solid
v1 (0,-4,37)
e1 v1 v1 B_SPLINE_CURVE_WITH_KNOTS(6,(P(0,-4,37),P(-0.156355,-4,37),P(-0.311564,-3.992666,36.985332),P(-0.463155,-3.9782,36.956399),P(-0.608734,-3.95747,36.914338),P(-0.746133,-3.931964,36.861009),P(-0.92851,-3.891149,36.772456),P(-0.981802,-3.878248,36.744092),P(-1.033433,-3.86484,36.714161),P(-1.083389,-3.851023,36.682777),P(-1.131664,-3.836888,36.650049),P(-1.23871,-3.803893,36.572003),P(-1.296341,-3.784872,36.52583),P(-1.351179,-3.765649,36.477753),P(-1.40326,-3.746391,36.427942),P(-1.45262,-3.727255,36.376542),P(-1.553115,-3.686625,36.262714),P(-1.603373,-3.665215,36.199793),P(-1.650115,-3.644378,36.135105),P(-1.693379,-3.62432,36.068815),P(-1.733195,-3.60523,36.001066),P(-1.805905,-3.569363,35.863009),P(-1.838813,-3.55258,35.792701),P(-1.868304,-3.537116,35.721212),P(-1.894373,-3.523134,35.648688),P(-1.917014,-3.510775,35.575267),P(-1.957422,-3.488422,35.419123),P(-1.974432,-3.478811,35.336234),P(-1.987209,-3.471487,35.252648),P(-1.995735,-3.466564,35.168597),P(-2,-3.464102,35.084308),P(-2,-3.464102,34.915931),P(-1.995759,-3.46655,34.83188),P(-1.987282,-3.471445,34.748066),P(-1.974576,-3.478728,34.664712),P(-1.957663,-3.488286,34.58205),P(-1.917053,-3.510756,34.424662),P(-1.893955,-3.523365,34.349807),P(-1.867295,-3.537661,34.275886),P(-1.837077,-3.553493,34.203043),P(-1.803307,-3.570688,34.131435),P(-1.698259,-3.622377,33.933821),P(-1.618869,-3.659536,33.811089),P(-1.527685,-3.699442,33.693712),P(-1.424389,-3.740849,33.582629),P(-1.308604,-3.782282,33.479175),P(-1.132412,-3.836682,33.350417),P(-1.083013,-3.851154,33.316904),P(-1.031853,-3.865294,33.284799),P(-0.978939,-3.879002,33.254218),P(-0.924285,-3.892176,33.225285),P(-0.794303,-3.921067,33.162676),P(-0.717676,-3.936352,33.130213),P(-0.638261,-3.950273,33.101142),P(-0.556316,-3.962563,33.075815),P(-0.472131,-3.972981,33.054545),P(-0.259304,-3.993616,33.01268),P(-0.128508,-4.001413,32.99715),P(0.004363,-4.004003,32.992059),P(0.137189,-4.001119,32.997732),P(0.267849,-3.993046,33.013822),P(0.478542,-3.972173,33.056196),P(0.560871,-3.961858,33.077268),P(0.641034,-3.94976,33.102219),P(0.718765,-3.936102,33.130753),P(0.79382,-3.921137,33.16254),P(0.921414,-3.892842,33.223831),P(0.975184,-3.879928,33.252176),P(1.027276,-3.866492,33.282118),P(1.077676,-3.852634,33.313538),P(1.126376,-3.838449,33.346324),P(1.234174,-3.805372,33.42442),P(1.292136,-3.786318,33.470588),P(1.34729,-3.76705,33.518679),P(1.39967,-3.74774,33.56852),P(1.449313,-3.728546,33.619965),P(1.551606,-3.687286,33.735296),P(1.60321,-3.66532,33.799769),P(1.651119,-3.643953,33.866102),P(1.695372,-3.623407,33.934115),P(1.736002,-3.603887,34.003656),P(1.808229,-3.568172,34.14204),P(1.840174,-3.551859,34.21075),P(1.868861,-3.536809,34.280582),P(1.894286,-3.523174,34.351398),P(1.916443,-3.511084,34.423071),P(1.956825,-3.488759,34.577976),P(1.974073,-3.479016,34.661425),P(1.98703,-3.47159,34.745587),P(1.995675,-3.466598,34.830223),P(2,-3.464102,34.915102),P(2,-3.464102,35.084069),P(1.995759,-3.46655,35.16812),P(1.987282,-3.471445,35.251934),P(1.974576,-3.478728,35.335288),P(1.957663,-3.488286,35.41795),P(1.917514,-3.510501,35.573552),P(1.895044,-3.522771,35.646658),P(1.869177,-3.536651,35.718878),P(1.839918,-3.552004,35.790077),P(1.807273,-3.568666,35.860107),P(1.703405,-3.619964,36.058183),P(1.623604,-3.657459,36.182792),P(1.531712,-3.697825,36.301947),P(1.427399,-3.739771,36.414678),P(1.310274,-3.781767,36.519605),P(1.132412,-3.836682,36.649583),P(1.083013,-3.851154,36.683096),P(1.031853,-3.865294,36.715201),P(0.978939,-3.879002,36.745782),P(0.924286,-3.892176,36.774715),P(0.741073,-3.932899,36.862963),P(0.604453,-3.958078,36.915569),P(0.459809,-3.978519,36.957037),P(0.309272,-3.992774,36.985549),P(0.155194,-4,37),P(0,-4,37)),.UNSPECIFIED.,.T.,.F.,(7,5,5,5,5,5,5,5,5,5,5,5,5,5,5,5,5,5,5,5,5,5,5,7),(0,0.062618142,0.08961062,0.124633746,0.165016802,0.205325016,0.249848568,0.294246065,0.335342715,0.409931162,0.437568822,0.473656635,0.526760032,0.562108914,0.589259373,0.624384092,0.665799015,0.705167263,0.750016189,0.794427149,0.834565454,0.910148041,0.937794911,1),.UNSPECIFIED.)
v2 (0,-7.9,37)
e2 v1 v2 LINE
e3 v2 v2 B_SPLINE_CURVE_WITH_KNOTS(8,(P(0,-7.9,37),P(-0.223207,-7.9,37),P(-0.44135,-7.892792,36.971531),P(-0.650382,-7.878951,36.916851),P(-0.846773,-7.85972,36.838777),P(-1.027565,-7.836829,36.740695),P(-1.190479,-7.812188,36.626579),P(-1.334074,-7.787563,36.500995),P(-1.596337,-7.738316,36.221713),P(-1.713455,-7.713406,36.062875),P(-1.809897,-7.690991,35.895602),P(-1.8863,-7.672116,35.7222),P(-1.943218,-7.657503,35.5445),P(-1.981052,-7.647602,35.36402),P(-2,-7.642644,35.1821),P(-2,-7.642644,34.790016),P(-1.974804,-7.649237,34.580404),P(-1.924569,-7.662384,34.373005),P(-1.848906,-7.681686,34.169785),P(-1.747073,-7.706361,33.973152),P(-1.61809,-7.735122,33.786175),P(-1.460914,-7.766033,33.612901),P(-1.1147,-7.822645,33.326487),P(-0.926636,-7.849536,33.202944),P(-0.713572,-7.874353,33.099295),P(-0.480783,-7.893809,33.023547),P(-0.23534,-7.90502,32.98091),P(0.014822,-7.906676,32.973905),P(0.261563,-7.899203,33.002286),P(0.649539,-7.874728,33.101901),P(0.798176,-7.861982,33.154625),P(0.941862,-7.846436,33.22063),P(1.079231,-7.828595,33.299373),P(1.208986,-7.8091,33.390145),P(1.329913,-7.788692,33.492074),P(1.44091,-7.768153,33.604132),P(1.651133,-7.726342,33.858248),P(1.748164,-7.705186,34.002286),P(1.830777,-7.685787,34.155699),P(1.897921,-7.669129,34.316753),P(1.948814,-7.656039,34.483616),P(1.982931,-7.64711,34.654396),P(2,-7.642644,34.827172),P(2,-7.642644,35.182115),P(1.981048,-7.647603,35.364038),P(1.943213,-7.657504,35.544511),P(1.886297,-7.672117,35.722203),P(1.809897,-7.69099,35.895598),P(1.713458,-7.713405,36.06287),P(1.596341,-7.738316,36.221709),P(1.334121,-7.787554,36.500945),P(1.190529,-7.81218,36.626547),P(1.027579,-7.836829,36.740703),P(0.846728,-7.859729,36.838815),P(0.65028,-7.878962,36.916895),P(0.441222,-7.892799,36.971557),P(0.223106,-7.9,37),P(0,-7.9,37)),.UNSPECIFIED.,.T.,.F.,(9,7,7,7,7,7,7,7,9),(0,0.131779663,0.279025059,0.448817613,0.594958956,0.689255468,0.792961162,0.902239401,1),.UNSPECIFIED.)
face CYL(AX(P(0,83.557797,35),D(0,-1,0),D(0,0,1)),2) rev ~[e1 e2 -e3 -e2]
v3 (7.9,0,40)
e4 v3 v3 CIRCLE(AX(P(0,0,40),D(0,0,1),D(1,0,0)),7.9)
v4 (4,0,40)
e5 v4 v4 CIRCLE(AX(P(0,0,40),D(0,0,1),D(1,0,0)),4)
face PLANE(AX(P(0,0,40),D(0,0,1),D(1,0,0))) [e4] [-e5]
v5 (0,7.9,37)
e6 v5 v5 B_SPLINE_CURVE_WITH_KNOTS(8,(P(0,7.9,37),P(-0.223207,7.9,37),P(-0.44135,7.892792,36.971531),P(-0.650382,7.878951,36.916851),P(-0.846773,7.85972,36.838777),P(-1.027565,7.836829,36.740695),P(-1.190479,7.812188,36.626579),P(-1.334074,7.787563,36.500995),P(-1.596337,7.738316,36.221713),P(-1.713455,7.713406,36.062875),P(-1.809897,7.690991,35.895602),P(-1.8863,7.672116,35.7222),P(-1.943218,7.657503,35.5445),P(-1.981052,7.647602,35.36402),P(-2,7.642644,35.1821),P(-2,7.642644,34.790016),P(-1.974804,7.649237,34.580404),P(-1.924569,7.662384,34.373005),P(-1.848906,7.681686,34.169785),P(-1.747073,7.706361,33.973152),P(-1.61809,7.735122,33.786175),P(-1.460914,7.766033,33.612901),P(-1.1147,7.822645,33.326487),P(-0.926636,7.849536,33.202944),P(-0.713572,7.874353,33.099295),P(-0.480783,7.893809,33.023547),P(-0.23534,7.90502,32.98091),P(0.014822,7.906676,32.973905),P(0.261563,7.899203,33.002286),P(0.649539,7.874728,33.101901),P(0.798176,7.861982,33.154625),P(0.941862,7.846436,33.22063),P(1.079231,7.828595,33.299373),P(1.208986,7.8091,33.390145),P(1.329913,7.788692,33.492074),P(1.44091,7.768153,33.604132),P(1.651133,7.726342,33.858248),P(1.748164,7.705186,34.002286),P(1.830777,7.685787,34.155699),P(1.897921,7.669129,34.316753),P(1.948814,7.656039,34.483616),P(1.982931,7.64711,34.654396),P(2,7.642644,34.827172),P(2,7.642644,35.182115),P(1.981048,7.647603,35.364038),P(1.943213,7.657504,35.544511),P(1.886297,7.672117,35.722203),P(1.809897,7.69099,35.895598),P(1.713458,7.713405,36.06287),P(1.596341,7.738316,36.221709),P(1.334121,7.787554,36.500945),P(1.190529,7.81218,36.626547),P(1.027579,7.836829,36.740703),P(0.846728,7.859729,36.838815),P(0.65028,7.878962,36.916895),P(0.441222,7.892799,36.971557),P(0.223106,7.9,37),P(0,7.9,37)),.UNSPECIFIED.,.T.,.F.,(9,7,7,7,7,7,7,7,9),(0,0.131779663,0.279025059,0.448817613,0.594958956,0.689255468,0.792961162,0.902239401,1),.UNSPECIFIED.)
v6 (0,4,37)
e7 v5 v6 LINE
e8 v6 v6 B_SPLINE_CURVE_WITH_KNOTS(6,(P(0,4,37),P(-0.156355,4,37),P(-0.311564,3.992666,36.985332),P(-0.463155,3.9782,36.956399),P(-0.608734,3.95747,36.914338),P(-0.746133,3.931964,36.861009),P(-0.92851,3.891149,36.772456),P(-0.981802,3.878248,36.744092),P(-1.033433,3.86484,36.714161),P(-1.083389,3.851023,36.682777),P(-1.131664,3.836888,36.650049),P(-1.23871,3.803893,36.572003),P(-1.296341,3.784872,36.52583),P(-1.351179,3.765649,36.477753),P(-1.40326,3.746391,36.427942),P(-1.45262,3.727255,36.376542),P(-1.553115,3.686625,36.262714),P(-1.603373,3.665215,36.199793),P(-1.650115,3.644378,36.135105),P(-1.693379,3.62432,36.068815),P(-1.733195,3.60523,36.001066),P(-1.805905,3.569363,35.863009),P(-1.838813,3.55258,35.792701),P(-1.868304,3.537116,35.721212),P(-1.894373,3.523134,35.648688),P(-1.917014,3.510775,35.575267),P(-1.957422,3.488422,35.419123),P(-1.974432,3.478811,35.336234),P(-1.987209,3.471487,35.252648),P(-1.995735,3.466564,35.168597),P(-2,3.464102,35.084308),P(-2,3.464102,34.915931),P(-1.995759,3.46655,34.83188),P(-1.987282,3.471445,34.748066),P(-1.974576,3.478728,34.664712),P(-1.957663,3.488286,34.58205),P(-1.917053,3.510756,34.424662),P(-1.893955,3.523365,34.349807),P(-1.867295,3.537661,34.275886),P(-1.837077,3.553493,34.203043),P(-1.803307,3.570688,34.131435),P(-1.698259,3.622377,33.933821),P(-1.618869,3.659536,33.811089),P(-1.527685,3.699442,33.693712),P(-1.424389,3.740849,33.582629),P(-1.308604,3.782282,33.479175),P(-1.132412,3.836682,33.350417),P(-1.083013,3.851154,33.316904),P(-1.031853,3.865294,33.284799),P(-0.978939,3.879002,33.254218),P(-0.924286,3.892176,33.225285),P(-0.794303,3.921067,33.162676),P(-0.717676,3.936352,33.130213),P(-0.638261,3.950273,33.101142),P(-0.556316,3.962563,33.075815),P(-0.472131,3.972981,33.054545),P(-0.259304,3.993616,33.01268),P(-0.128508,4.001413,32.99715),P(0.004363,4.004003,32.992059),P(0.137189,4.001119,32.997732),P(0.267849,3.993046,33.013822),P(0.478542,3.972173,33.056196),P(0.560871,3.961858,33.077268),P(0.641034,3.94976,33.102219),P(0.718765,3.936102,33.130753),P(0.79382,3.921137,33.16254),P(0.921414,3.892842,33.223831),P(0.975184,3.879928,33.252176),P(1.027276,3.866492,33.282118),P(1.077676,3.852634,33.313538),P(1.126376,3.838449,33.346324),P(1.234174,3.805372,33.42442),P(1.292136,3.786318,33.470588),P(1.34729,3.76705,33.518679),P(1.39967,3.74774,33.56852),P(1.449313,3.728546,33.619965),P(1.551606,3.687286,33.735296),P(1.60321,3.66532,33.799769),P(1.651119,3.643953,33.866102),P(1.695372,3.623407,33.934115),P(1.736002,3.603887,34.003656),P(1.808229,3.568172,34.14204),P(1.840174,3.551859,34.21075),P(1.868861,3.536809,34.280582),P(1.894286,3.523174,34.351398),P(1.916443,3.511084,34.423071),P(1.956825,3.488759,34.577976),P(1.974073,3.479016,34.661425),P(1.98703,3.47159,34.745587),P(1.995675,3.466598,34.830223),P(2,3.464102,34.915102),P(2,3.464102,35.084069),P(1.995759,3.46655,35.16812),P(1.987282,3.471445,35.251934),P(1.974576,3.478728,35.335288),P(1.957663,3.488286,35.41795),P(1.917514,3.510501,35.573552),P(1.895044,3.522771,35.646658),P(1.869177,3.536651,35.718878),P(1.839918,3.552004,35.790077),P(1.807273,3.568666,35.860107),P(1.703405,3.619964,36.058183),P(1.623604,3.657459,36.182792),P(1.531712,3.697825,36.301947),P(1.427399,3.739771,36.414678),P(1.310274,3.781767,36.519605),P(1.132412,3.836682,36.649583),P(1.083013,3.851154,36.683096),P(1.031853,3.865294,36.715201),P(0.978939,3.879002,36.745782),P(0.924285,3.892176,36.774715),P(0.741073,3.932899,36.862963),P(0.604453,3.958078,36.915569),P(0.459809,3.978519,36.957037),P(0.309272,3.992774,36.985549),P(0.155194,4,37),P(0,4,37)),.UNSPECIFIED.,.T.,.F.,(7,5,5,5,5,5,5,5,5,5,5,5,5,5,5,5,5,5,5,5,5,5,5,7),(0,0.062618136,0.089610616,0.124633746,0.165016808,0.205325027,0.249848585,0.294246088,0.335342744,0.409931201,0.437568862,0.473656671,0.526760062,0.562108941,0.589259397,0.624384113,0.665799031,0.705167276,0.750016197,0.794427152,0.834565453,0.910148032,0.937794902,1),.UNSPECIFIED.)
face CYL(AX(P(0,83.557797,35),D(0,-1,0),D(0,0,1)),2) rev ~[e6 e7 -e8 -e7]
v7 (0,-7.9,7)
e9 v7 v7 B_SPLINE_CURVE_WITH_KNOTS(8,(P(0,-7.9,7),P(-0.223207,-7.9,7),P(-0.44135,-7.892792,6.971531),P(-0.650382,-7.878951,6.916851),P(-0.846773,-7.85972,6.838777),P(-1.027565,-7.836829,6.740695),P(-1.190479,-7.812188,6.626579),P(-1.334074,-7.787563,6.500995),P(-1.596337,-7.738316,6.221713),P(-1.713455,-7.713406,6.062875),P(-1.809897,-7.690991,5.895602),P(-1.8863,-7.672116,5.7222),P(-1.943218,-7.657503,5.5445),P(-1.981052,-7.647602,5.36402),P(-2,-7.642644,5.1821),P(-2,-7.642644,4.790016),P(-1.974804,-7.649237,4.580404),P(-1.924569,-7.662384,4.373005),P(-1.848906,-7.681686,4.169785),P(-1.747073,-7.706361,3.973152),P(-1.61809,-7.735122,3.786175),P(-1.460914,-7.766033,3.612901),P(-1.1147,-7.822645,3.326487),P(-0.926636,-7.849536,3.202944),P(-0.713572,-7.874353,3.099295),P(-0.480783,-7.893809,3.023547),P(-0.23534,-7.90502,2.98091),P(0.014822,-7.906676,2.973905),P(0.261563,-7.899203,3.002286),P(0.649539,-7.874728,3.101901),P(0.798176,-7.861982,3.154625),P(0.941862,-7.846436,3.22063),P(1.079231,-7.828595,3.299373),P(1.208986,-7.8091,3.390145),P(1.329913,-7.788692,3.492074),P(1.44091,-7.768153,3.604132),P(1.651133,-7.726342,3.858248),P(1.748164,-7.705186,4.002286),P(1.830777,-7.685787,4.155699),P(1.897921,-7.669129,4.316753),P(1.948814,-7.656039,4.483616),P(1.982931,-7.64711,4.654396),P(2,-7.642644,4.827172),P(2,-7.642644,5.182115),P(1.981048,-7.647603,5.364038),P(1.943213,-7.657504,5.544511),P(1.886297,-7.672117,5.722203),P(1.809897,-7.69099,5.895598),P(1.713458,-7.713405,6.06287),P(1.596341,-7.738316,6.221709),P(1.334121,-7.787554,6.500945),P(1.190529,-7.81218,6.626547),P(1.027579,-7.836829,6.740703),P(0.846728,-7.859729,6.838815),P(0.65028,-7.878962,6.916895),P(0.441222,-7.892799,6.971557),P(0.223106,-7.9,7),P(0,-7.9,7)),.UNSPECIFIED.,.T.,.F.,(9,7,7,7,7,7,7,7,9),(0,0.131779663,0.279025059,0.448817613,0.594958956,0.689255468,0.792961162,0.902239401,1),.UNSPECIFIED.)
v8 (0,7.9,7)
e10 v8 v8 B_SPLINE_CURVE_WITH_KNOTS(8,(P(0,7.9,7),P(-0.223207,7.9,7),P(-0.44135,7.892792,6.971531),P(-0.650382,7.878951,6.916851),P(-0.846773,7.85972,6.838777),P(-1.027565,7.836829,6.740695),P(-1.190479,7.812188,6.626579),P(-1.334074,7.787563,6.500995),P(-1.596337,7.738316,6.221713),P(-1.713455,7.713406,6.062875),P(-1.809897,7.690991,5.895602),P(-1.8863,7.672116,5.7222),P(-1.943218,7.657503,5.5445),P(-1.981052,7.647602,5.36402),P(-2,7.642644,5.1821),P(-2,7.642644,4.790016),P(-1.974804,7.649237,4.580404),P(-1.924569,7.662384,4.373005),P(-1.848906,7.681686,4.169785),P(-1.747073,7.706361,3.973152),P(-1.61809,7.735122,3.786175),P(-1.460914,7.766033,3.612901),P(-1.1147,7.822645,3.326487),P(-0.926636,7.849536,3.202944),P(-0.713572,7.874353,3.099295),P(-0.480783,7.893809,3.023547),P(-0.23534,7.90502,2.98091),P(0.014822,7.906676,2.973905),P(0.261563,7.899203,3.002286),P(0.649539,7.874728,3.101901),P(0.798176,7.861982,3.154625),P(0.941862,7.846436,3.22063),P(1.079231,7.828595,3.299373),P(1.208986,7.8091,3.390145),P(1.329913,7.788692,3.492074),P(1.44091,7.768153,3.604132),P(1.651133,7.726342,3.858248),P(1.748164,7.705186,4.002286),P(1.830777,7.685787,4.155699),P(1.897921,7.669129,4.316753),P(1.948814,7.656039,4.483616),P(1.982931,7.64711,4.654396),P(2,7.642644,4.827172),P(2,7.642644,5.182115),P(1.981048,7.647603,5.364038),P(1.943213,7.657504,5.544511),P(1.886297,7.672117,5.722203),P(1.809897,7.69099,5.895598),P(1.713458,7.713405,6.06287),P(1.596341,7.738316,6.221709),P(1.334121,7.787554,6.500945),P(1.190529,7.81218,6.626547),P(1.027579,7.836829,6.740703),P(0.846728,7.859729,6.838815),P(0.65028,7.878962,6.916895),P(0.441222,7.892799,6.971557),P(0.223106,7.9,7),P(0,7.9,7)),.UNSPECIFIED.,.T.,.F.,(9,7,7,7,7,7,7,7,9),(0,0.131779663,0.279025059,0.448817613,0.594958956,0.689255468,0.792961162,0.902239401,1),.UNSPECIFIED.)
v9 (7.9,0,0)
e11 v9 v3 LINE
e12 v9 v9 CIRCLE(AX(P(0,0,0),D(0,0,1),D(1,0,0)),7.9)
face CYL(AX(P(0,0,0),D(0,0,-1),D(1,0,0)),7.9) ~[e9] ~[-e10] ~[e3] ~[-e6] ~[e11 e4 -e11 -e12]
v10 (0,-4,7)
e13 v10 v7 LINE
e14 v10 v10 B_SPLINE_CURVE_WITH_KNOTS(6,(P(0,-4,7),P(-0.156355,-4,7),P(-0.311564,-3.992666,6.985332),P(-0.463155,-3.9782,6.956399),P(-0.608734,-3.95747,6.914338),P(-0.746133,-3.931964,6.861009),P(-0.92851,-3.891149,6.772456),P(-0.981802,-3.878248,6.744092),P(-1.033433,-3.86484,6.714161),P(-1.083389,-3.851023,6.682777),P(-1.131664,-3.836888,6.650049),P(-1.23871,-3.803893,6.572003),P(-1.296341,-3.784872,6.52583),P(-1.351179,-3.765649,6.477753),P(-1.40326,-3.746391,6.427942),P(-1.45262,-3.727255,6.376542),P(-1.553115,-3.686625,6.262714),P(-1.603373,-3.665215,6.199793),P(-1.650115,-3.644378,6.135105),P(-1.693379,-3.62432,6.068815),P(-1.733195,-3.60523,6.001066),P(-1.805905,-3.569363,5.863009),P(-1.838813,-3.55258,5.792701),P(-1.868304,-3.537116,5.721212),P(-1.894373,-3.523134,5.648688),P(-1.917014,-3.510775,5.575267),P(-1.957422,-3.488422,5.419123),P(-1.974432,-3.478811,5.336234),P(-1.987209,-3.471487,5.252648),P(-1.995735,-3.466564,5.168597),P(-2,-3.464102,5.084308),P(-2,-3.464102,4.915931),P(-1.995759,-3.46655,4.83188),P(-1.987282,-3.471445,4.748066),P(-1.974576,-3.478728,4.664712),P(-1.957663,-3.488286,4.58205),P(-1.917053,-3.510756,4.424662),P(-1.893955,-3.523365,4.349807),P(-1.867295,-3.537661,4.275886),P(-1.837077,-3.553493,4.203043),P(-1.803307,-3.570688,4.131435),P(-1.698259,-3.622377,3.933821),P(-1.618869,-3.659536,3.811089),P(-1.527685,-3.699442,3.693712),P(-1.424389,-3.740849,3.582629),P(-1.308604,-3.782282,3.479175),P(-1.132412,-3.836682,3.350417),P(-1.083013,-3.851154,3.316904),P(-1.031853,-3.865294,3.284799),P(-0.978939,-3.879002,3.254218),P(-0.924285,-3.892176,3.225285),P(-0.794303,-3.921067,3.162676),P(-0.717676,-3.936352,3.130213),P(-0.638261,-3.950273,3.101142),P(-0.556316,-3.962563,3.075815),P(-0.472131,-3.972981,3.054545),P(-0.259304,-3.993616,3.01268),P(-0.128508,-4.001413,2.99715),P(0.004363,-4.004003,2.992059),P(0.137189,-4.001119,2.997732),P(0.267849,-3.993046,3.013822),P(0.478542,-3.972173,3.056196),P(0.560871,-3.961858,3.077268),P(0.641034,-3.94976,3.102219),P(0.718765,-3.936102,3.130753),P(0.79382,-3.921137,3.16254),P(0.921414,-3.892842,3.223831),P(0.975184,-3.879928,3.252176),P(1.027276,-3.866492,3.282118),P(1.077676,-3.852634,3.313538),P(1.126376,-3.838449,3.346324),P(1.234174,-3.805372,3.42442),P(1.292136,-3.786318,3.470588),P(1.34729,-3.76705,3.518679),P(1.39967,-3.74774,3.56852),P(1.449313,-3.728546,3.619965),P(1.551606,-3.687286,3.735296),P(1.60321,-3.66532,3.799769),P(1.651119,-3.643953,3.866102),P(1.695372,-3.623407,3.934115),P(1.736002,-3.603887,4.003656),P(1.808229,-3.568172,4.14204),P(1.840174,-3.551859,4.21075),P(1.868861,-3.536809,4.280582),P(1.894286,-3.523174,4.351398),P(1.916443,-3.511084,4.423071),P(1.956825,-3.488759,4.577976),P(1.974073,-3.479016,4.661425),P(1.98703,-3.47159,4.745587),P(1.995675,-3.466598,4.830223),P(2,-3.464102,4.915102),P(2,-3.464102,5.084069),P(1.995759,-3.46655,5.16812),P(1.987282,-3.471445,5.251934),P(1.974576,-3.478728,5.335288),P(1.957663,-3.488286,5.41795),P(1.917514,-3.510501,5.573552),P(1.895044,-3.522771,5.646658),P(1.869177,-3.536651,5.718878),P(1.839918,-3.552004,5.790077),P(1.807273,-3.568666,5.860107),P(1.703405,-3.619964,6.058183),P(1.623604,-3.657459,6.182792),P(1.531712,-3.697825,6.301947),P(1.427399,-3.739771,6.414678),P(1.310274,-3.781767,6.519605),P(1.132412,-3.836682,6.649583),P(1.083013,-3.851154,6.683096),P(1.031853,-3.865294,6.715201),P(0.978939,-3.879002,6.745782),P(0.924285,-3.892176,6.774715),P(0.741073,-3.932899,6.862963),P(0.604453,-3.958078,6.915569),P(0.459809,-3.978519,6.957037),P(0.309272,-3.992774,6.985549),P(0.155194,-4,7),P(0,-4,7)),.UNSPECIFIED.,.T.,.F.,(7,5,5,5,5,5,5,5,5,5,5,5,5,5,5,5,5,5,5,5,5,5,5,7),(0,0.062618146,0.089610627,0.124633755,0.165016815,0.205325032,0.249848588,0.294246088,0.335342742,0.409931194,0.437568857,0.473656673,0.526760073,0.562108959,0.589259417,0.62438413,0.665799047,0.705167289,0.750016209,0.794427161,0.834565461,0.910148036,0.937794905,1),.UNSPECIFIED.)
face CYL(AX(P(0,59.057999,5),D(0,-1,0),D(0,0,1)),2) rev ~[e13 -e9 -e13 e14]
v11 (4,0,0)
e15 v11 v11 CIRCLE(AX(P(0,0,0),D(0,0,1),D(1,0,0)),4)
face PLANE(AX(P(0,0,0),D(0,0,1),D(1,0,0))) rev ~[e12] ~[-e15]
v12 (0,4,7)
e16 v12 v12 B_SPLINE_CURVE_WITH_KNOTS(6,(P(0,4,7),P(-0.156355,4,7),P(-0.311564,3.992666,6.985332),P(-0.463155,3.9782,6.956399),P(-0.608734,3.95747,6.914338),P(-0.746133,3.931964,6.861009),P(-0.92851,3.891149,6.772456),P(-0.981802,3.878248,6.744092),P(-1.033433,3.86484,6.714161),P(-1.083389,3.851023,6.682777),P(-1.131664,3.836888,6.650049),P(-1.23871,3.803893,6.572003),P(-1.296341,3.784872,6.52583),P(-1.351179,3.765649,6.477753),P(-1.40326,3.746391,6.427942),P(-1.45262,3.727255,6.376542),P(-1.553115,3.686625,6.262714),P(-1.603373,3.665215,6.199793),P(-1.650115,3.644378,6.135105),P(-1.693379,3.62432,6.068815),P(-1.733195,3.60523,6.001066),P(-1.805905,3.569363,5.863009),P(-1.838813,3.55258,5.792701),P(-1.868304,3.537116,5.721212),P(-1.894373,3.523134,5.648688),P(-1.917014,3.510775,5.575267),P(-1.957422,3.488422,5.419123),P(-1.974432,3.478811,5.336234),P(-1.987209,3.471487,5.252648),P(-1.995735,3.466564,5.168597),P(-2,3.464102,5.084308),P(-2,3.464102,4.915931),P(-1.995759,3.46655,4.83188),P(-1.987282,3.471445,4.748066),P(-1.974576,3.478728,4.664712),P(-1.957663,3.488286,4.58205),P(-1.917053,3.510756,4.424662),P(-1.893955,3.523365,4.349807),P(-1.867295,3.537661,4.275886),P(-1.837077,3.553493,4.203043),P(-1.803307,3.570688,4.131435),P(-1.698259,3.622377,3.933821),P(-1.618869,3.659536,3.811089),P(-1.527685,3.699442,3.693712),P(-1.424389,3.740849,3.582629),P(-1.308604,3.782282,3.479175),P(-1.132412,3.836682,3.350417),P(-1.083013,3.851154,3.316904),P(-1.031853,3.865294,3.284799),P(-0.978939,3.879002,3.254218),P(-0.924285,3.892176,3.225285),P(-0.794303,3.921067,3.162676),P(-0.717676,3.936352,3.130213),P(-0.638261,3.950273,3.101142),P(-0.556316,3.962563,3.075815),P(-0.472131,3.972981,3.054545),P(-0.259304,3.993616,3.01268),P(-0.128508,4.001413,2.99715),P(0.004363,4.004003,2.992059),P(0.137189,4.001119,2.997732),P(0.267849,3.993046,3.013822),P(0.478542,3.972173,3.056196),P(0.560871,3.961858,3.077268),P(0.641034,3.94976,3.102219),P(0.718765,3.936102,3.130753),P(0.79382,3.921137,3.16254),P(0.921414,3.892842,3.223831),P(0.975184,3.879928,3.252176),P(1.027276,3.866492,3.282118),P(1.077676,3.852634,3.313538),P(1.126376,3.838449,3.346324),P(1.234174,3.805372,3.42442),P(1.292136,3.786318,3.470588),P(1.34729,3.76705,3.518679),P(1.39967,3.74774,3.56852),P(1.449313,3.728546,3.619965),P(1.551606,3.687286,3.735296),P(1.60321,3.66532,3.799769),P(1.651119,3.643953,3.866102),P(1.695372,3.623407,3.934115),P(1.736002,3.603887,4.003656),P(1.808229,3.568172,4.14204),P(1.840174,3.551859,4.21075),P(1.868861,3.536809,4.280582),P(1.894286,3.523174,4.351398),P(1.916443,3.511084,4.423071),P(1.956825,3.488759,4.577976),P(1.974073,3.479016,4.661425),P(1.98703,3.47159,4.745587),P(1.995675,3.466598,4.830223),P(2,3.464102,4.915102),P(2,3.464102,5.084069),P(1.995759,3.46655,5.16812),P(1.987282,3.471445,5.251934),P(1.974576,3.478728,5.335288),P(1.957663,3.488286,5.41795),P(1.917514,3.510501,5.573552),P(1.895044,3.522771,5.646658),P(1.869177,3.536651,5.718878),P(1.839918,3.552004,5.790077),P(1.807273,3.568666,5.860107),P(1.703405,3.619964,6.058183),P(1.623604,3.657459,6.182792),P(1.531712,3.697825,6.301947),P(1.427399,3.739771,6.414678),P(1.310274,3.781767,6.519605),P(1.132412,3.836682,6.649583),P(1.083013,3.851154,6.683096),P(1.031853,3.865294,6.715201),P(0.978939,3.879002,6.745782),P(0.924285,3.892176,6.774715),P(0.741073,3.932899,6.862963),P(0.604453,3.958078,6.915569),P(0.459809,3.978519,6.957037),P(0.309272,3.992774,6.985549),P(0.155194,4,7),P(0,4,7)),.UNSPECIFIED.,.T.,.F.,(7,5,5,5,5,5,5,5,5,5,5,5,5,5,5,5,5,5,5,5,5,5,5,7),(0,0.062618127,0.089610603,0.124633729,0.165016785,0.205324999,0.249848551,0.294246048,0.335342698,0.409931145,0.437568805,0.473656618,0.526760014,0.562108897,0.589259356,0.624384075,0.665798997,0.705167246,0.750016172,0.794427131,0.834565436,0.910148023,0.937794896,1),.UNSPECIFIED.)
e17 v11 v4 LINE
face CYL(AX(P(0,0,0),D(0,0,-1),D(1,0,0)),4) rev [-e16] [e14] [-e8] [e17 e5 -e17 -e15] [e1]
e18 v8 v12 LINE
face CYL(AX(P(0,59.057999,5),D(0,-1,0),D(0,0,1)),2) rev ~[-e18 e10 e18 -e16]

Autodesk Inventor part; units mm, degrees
ref_plane "YZ Plane" through (0, 0, 0) normal (1, 0, 0) x (0, 1, 0)
ref_plane "XZ Plane" through (0, 0, 0) normal (0, 1, 0) x (-1, 0, 0)
ref_plane "XY Plane" through (0, 0, 0) normal (0, 0, 1) x (1, 0, 0)
sketch "Esquisse1" plane through (0, 0, 0) normal (0, 0, 1) x (1, 0, 0)
  circle A0 centre (0, 0) radius 7.9
  circle A1 centre (0, 0) radius 4
  dimension "d0" = 15.8
  dimension "d1" = 8
extrude "Extrusion1" add sketch "Esquisse1" along normal blind 40
sketch "Esquisse2" plane through (0, 0, 0) normal (0, 1, 0) x (-1, 0, 0)
  line L0 (7.9, 40) -> (-7.9, 40) projected
  line L1 (0, 40) -> (0, 35)
  line L2 (0, 0) -> (0, 5)
  dimension "d4" = 5
  dimension "d5" = 5
hole "Perçage1" at (0, 0, 35) at (0, 0, 5) direction (0, -1, 0) diameter 4 end through all both
properties part number "tube des bogies"
